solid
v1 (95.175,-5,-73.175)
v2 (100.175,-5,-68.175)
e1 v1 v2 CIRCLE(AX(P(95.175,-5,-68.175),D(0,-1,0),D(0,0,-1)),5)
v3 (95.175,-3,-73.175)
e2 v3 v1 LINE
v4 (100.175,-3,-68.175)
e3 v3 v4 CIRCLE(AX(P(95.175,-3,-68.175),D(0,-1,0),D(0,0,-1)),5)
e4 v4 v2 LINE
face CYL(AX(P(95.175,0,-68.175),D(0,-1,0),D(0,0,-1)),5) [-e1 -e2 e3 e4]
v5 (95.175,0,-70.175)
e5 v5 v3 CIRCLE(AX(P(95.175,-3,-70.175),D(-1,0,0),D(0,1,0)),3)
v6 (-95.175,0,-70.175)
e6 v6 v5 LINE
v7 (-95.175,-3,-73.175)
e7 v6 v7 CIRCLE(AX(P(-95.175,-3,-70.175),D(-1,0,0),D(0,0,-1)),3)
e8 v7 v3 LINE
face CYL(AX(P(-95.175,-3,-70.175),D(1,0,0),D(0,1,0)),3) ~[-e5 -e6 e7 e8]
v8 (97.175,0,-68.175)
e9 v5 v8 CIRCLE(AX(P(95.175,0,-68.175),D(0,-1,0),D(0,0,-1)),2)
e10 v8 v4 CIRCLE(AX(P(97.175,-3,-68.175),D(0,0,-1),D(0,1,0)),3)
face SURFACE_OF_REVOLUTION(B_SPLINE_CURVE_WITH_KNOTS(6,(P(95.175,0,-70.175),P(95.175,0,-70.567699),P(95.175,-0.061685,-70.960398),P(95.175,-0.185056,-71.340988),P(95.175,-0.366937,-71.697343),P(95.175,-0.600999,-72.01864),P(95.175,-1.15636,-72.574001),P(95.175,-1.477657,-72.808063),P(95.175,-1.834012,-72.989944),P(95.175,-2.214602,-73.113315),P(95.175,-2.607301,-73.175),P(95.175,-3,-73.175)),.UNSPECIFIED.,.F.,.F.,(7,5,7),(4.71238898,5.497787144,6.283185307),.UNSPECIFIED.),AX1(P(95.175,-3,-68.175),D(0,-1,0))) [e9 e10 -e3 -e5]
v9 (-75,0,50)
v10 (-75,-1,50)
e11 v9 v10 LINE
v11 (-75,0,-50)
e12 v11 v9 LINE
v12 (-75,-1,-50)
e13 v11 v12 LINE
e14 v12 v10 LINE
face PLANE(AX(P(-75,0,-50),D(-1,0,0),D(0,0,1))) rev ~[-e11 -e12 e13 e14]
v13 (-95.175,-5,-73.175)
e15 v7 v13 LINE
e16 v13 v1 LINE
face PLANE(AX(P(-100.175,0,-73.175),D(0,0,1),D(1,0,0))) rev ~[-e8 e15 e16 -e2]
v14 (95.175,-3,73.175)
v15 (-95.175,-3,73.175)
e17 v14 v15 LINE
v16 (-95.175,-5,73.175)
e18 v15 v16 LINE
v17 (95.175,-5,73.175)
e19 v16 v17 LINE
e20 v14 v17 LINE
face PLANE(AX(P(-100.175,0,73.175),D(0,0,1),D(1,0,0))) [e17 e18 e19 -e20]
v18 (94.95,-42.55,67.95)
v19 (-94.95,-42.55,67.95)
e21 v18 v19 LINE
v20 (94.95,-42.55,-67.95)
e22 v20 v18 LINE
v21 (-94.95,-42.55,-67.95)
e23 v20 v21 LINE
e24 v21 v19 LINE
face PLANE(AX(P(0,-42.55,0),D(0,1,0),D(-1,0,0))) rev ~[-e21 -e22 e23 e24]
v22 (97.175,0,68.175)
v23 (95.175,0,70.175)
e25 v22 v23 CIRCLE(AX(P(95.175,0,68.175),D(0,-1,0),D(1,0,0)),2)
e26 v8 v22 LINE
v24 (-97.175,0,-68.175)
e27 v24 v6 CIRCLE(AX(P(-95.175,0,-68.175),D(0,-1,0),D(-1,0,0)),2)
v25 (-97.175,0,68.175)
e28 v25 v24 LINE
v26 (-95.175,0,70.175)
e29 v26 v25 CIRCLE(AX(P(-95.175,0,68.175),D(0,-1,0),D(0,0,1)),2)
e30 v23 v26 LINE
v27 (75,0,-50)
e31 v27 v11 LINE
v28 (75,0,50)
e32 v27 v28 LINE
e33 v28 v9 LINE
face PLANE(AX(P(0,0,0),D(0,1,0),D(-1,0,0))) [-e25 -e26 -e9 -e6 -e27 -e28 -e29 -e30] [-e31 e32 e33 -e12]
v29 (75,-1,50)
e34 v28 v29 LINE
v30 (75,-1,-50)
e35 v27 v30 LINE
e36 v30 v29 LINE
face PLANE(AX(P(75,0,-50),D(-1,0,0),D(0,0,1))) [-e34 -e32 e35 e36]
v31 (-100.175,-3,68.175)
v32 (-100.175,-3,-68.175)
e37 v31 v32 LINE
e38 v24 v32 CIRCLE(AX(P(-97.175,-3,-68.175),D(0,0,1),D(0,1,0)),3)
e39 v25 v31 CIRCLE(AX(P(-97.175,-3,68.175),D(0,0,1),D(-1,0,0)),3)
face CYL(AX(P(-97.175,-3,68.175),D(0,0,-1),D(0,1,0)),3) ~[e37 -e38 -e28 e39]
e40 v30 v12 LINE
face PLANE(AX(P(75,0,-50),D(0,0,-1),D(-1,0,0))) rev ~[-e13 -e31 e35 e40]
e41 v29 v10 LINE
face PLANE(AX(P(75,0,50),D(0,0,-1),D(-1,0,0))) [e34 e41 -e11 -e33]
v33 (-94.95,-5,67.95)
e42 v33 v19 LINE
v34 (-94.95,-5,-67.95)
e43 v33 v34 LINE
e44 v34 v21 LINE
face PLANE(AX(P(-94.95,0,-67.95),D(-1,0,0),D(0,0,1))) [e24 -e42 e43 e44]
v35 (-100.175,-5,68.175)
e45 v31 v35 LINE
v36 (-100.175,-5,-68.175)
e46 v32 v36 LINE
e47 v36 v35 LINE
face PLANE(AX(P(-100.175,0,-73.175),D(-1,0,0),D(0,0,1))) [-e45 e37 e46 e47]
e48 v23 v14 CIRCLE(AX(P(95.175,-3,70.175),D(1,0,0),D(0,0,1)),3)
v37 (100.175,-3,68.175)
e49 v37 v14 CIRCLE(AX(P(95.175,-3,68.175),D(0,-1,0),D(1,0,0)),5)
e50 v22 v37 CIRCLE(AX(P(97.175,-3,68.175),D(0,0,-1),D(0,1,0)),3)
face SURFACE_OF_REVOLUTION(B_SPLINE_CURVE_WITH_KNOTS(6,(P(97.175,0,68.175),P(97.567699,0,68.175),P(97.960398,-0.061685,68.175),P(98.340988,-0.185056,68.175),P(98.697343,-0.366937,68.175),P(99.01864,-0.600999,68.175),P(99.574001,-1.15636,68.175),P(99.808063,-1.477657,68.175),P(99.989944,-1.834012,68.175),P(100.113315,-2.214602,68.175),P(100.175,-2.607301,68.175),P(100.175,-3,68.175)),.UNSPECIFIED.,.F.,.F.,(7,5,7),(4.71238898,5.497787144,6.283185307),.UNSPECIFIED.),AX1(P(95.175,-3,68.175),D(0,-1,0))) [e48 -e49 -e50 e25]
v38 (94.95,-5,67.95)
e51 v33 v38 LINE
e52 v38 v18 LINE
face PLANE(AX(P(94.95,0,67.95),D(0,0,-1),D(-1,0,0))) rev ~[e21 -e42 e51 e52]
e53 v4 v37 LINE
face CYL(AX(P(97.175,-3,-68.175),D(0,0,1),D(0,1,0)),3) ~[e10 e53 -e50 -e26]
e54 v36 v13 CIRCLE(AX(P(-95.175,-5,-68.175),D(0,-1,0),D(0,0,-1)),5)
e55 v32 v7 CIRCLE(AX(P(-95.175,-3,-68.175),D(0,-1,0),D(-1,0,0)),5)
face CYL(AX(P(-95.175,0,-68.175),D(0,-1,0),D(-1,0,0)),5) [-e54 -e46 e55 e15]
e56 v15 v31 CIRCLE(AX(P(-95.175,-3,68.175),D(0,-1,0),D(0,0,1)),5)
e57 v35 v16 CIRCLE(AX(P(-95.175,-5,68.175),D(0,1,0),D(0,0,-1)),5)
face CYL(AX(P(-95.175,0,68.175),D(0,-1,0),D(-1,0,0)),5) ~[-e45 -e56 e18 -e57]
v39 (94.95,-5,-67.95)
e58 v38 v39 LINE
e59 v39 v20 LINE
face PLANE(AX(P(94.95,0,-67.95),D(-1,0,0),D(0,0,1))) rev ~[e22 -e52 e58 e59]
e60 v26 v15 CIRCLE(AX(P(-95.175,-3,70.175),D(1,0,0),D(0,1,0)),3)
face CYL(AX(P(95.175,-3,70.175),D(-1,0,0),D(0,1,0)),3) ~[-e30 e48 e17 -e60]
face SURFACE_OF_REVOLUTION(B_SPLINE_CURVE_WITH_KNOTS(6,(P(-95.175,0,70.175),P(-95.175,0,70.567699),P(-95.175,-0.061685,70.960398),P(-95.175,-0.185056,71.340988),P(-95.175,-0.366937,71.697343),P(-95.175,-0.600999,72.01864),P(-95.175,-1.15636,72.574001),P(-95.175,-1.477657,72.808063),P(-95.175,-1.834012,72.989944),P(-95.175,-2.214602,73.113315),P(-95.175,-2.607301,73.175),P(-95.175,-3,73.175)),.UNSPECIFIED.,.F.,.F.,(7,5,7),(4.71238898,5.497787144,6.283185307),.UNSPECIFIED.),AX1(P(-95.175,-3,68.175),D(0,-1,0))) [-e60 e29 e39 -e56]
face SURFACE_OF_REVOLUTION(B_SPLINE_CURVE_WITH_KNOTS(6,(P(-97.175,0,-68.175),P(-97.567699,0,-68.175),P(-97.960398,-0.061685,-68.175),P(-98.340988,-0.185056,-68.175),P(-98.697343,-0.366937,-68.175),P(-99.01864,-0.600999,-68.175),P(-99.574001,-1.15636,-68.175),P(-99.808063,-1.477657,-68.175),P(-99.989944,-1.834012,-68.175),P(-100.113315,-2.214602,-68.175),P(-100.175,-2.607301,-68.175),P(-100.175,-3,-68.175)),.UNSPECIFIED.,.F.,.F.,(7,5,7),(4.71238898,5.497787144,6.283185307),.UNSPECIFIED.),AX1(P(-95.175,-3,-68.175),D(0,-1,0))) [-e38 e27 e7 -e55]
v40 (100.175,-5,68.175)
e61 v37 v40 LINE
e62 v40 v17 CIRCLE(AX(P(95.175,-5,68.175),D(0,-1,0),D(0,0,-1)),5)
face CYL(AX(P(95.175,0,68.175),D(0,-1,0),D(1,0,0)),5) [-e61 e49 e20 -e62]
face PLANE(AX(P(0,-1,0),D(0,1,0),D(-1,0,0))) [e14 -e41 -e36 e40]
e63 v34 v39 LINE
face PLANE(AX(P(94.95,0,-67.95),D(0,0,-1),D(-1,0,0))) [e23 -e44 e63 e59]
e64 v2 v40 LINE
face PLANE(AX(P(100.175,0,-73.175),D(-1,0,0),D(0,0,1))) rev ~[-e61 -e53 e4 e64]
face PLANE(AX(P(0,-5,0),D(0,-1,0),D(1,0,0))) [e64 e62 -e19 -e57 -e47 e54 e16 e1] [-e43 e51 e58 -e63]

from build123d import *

# Parameters (mm, degrees)
F0_W     = 200.35
F0_H     = 146.35
F1_DEPTH = 5
F2_R     = 5
F3_W     = 189.9
F3_H     = 135.9
F4_DEPTH = 42.55
F5_R     = 3
F6_W     = 150
F6_H     = 100
F7_DEPTH = 1


with BuildPart() as f1:
    # F0 (on Front) → F1 (new body)
    with BuildSketch(Plane.XZ):
        Rectangle(F0_W, F0_H)
    extrude(amount=F1_DEPTH)

    # F2
    f2_edges = [f1.edges().sort_by_distance(p)[0] for p in [
        (100.175, -2.5, 73.175),
        (-100.175, -2.5, 73.175),
        (-100.175, -2.5, -73.175),
        (100.175, -2.5, -73.175),
    ]]
    fillet(f2_edges, radius=F2_R)

    # F3 (on face) → F4 (join)
    with BuildSketch(Plane(origin=(0, 0, 0), x_dir=(-1, 0, 0), z_dir=(0, 1, 0))):
        Rectangle(F3_W, F3_H)
    extrude(amount=-F4_DEPTH)

    # F5
    f5_edges = [f1.edges().sort_by_distance(p)[0] for p in [
        (100.175, 0, 0),
        (98.710534, 0, 71.710534),
        (0, 0, 73.175),
        (-98.710534, 0, 71.710534),
        (-100.175, 0, 0),
        (-98.710534, 0, -71.710534),
        (0, 0, -73.175),
        (98.710534, 0, -71.710534),
    ]]
    fillet(f5_edges, radius=F5_R)

    # F6 (on face) → F7 (cut)
    with BuildSketch(Plane(origin=(0, 0, 0), x_dir=(-1, 0, 0), z_dir=(0, 1, 0))):
        Rectangle(F6_W, F6_H)
    extrude(amount=-F7_DEPTH, mode=Mode.SUBTRACT)


solid = f1.part
